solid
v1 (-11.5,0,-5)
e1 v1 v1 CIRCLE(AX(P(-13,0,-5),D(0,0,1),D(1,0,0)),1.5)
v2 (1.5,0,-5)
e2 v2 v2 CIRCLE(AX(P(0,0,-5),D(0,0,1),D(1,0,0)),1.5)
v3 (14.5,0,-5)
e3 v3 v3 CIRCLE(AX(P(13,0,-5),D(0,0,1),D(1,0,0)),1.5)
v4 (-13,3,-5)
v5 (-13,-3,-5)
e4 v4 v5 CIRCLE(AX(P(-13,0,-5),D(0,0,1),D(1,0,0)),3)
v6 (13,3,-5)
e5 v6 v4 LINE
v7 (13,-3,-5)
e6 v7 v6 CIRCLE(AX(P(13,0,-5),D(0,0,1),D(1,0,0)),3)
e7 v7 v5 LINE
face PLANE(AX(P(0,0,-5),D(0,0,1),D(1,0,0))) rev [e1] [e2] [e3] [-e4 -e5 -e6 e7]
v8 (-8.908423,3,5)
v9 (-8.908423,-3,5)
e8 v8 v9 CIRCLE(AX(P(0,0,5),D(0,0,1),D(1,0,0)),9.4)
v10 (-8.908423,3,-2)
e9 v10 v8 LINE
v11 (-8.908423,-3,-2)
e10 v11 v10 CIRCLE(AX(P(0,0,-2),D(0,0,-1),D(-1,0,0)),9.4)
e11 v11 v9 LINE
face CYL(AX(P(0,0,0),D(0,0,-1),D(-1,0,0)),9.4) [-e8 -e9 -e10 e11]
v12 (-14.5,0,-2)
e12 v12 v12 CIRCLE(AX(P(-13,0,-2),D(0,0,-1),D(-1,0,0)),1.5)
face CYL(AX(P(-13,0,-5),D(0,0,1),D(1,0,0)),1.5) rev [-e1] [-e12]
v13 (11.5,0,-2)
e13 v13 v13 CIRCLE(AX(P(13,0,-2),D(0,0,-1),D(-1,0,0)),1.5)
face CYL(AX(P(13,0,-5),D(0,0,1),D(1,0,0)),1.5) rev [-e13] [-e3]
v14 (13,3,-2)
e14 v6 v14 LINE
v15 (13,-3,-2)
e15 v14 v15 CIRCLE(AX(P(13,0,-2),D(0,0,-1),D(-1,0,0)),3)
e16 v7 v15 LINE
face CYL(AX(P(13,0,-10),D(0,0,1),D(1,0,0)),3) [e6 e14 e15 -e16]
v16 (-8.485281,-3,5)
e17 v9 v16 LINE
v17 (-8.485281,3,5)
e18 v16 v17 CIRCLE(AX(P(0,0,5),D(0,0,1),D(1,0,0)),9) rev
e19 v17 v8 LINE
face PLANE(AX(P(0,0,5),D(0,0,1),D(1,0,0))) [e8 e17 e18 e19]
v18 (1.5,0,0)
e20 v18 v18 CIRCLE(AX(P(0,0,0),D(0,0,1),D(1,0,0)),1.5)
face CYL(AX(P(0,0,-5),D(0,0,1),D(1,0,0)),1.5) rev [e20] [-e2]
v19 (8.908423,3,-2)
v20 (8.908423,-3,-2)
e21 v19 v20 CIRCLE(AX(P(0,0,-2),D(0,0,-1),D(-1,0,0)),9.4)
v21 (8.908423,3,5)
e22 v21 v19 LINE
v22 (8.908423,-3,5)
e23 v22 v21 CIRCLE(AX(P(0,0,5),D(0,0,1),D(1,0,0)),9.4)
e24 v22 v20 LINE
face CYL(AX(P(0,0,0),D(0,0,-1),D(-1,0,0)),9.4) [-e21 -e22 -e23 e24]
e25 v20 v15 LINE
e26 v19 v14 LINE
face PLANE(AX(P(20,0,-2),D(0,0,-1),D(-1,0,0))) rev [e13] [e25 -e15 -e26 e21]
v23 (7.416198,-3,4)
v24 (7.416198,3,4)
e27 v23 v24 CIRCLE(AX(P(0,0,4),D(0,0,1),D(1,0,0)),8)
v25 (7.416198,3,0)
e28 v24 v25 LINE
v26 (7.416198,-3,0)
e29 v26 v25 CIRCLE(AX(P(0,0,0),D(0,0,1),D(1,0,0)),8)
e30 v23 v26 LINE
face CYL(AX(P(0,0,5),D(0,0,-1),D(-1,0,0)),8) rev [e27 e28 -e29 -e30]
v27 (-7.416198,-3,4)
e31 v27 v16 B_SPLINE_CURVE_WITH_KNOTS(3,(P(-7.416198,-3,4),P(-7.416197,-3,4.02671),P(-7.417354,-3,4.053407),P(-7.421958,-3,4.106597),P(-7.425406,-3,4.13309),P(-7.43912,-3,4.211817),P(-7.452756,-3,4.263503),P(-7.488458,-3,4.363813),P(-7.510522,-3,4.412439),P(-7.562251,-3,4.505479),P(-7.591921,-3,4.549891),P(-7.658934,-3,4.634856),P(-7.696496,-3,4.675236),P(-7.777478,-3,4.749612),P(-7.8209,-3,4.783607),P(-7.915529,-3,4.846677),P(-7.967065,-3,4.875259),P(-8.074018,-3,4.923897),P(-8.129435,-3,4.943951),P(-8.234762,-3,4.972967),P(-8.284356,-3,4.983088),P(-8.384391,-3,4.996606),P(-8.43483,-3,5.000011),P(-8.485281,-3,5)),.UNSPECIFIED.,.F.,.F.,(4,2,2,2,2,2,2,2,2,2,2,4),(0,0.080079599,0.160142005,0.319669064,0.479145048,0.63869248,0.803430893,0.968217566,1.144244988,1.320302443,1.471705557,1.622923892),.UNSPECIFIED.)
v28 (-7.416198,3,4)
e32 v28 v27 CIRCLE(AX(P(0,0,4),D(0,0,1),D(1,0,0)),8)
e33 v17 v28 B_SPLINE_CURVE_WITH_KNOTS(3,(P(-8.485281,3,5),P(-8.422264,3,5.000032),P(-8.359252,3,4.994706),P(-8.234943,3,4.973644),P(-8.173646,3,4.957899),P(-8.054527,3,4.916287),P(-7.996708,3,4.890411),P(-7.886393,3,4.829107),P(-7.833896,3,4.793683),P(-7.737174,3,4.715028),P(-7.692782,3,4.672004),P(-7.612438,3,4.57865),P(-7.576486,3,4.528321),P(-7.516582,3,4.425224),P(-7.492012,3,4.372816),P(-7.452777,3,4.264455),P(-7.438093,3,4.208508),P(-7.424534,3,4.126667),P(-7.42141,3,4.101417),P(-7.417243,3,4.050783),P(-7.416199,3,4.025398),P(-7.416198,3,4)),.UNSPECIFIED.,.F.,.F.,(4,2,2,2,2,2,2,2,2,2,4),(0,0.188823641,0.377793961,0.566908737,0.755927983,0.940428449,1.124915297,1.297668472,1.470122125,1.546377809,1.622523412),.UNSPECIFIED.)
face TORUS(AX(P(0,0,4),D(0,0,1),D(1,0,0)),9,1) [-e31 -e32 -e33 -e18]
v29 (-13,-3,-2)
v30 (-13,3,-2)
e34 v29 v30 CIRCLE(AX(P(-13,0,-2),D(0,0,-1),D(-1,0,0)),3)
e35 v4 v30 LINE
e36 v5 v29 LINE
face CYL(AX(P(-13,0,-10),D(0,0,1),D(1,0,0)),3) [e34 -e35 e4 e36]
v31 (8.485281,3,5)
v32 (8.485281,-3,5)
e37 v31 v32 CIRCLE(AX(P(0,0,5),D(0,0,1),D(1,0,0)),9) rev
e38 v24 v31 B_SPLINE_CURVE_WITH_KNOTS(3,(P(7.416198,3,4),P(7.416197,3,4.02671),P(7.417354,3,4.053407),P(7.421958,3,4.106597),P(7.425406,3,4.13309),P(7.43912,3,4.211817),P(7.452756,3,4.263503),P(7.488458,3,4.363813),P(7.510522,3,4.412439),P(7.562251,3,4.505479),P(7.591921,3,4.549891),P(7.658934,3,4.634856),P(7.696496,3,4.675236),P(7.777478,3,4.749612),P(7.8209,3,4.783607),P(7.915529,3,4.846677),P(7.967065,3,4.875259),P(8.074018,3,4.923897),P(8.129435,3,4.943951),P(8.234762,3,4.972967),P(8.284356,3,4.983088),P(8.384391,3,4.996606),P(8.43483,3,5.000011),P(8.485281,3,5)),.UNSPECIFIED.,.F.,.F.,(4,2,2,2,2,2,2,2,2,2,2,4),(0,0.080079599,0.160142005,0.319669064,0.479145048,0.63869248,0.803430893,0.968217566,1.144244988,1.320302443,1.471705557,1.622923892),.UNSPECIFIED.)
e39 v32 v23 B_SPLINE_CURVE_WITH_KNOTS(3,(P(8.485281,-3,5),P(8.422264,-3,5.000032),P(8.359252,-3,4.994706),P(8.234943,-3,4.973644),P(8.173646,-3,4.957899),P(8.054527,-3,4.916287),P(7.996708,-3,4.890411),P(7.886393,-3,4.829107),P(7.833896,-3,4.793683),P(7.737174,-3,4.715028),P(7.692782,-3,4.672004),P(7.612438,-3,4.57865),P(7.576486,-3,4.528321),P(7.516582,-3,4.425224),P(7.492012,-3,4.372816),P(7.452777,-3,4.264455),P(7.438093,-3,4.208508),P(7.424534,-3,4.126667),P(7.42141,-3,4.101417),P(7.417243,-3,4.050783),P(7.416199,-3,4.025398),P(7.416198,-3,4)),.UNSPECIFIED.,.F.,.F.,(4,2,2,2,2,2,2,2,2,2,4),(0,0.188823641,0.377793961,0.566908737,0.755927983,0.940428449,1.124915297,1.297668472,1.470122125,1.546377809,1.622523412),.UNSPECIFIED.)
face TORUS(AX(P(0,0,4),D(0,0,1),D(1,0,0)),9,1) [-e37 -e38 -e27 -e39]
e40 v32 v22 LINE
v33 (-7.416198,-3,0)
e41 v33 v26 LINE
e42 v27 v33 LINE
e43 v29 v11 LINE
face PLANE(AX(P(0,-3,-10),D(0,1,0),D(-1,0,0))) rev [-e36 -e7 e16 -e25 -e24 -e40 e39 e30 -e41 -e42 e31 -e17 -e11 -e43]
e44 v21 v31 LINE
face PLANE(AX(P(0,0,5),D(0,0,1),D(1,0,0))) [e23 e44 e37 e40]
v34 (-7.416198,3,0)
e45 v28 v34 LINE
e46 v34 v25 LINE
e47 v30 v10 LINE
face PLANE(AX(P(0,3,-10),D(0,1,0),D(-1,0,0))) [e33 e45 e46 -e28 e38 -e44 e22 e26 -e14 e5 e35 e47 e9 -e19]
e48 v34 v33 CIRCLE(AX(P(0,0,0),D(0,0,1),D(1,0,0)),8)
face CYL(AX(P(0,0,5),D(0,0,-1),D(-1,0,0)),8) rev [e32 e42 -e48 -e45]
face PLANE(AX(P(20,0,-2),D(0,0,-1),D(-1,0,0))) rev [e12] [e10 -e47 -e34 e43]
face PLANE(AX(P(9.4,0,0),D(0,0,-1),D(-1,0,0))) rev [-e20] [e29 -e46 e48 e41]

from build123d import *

# Parameters (mm, degrees)
SKETCH_2_W          = 49.66242786768973
SKETCH_2_H          = 43.948008528228435
CUT_EXTRUDE_1_DEPTH = 10
SKETCH_3_R          = 1.5
SKETCH_3_R_2        = 1.5000000000000007
SKETCH_3_R_3        = 1.5000000000000004
CUT_EXTRUDE_2_DEPTH = 18.029386365926428
EXTRUDE_START       = 5
EXTRUDE_2_DEPTH     = 5
FILLET_2_R          = 1


with BuildPart() as part:
    # 草图1 → 旋转3 (revolve)
    with BuildSketch(Plane(origin=(0, 0, 0), x_dir=(1, 0, 0), z_dir=(0, 1, 0)), mode=Mode.PRIVATE) as revolve_3_sk:
        Polygon((0, 0), (0, 5.000000000000001), (20, 5.000000000000001), (20, 2.0000000000000018), (9.4, 2.0000000000000004), (9.4, 2.6e-16), align=None)
    revolve(revolve_3_sk.sketch.rotate(Axis((0, 0, 0), (0, 0, 1)), 180), axis=Axis((0, 0, 0), (0, 0, 1)))

    # 草图2 → 切除-拉伸1 (cut)
    with BuildSketch(Plane.XY):
        Rectangle(SKETCH_2_W, SKETCH_2_H)
        with BuildLine():
            Line((13, -2.999999999999997), (-13, -3))
            ThreePointArc((-13, -3), (-16, 3.7e-16), (-13, 3))
            Line((-13, 3), (13, 3.000000000000003))
            ThreePointArc((13, 3.000000000000003), (16, 3.18e-15), (13, -2.999999999999997))
        make_face(mode=Mode.SUBTRACT)
    extrude(amount=-CUT_EXTRUDE_1_DEPTH, mode=Mode.SUBTRACT)

    # 草图3 → 切除-拉伸2 (cut, through all)
    with BuildSketch(Plane.XY):
        Circle(SKETCH_3_R)
        with Locations((12.999999999999998, 0)):
            Circle(SKETCH_3_R_2)
        with Locations((-13.000000000000002, 0)):
            Circle(SKETCH_3_R_3)
    extrude(amount=-CUT_EXTRUDE_2_DEPTH, mode=Mode.SUBTRACT)

    # 草图5 → 凸台-拉伸2 (add)
    with BuildSketch(Plane.XY.offset(EXTRUDE_START)):
        with BuildLine():
            Line((-7.416198487095722, 3.0000000000000004), (-8.908422980528035, 3.0000000000000004))
            ThreePointArc((-8.908422980528037, 3.000000000000001), (-9.400000000000002, 5.6e-16), (-8.90842298052804, -3))
            Line((-8.908422980528037, -2.9999999999999996), (-7.416198487095721, -2.9999999999999996))
            ThreePointArc((-7.416198487095696, -2.9999999999999187), (-8, 9.8e-16), (-7.416198487095695, 2.9999999999999205))
        make_face()
        with BuildLine():
            Line((8.908422980528035, 3.000000000000002), (7.41619848709553, 3.000000000000002))
            ThreePointArc((7.416198487095587, 3.000000000000189), (7.852693419991789, 1.5281380996551506), (8, 0))
            ThreePointArc((8, -1.96e-15), (7.85269341999179, -1.5281380996551457), (7.416198487095591, -3.0000000000001785))
            Line((7.416198487095535, -2.999999999999998), (8.908422980528037, -2.999999999999998))
            ThreePointArc((8.908422980528037, -2.999999999999998), (9.400000000000002, 1.67e-15), (8.908422980528037, 3.0000000000000018))
        make_face()
    extrude(amount=-EXTRUDE_2_DEPTH)

    # 圆角2
    fillet_2_edges = [part.edges().sort_by_distance(p)[0] for p in [
        (-8.000000000000002, 1.22e-15, 5),
        (8, 6.72e-15, 5),
    ]]
    fillet(fillet_2_edges, radius=FILLET_2_R)


solid = part.part
